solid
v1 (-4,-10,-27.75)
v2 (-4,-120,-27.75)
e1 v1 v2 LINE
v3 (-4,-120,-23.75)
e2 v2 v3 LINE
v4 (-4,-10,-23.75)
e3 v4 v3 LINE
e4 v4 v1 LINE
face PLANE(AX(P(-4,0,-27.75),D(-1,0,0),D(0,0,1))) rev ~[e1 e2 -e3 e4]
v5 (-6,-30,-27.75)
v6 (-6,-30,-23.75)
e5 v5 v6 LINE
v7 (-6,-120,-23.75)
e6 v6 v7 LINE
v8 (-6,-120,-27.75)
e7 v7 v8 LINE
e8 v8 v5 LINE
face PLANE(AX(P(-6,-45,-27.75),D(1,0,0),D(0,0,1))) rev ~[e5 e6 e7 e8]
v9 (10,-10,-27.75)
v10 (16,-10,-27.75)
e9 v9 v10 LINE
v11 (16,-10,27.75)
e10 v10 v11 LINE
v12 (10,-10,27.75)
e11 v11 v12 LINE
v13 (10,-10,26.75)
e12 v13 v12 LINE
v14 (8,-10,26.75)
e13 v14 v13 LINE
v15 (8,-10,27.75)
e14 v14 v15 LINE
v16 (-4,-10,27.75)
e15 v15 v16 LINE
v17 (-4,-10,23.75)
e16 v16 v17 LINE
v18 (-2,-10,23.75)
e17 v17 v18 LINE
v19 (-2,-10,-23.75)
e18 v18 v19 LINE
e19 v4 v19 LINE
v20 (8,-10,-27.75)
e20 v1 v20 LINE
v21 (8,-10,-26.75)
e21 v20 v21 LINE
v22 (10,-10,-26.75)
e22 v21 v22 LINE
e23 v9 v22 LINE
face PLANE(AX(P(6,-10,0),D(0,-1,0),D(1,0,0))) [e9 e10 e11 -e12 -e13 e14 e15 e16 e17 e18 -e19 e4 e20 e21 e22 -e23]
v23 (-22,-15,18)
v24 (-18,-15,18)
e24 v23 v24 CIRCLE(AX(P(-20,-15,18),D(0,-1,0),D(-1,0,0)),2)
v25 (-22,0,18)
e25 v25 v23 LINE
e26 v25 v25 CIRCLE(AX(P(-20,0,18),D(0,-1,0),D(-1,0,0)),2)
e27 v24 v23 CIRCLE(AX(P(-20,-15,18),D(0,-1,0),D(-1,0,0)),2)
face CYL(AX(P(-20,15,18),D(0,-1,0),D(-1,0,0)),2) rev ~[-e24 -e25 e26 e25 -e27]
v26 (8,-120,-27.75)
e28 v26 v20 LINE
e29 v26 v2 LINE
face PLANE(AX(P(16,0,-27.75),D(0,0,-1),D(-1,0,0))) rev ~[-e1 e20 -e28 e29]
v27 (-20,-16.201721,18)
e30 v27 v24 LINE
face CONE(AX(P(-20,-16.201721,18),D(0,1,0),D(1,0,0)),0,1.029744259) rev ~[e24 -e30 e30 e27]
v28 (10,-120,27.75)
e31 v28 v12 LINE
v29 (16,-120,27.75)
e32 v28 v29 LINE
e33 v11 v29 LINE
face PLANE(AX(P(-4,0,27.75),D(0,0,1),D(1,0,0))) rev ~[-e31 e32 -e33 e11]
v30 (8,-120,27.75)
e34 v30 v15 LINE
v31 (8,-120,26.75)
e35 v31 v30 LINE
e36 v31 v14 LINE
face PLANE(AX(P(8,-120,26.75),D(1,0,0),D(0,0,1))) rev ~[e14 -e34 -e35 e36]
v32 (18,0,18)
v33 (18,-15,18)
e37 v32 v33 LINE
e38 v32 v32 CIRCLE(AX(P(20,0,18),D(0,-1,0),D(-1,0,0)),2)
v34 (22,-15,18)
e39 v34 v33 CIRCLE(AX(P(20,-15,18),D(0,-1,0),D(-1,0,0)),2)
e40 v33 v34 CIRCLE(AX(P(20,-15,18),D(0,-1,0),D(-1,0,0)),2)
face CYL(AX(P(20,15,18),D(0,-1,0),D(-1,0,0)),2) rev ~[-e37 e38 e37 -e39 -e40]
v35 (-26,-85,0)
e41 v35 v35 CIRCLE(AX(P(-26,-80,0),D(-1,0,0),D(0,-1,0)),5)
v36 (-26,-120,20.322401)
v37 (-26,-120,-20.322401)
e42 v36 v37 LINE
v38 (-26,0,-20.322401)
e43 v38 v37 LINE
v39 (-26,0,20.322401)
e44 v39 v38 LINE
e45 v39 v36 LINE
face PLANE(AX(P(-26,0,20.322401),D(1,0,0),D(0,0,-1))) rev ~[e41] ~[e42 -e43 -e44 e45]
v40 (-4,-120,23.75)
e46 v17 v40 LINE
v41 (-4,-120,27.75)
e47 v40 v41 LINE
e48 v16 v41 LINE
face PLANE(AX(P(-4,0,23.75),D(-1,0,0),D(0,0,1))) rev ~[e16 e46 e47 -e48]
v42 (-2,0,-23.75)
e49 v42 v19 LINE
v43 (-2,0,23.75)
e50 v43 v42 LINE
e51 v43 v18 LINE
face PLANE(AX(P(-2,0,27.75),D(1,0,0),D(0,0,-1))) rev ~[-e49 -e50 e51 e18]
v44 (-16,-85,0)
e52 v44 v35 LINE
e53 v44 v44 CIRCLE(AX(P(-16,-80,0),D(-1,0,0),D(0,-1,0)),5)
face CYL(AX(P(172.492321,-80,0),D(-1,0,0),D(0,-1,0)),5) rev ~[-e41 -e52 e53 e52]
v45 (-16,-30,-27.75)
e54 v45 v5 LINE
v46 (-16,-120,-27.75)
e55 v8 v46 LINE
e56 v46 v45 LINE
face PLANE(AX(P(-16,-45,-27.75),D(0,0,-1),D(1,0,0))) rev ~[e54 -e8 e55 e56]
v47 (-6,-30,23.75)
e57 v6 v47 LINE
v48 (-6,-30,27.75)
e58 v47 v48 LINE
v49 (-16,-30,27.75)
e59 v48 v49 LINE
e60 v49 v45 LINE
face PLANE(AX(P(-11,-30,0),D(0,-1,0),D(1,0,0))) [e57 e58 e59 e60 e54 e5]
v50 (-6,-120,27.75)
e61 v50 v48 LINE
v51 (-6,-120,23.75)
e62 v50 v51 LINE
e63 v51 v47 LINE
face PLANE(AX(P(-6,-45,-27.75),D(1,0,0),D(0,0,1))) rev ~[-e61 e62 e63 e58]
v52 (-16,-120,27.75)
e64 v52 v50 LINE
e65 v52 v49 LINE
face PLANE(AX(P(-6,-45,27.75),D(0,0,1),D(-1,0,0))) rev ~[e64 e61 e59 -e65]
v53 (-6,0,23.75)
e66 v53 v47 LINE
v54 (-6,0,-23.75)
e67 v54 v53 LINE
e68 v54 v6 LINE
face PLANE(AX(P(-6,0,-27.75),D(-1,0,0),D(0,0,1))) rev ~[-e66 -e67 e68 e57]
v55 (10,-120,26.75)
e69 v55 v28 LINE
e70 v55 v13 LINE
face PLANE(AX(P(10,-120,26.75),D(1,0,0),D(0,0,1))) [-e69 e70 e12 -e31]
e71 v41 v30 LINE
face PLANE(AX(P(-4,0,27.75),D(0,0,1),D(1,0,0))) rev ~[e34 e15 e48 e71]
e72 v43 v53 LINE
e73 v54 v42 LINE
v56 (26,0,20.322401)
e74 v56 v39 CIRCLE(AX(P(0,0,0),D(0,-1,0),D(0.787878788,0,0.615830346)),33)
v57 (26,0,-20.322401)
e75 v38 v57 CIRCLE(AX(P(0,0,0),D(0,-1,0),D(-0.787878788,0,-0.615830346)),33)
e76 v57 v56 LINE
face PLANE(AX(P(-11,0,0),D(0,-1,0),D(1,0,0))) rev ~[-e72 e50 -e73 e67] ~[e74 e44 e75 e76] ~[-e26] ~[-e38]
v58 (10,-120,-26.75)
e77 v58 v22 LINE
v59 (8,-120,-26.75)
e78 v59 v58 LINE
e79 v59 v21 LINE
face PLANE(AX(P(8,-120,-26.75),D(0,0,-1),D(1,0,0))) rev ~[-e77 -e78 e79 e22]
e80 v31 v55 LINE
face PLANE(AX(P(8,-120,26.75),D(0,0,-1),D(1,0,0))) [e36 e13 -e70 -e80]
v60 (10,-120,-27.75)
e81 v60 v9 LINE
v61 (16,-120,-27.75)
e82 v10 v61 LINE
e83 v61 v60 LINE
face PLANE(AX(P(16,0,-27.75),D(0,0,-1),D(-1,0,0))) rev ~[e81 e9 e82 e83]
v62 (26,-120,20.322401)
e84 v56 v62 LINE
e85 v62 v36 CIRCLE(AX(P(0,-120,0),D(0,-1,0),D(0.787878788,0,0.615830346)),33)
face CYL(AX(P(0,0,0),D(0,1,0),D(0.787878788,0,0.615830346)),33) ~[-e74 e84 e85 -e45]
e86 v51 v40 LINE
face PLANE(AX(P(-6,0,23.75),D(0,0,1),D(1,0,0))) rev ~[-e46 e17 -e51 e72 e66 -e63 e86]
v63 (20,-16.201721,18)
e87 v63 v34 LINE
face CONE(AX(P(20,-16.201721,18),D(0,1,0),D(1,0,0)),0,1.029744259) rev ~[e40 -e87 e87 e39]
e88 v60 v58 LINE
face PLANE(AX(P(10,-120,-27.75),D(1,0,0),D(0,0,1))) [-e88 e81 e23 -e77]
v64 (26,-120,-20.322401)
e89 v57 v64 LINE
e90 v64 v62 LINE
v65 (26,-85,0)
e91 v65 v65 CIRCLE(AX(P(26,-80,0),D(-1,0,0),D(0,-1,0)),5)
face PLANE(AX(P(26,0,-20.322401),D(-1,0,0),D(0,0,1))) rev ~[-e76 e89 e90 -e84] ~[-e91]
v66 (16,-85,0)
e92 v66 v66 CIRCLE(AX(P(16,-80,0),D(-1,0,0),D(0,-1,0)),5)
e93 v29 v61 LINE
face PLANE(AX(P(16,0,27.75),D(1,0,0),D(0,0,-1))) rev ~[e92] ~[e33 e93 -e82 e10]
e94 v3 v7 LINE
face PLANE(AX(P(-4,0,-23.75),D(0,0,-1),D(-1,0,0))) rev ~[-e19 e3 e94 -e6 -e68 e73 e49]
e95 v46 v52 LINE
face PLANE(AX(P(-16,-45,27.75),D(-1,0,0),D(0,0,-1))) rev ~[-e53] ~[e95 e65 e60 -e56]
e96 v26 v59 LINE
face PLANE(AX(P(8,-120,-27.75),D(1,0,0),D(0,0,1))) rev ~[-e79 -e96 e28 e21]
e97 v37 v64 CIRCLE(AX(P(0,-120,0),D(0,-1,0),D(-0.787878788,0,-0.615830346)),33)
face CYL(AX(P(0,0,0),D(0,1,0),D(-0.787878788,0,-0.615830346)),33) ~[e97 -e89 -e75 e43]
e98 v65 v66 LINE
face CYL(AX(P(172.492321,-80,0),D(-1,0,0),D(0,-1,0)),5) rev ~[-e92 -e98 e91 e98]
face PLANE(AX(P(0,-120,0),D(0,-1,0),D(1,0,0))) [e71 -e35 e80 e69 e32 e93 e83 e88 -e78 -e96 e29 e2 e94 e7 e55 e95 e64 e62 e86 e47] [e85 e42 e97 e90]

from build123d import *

# Parameters (mm, degrees)
F1_DEPTH  = 120
F2_DEPTH  = 10
F3_DEPTH  = 45
F4_D      = 4
F4_DEPTH  = 15
F4_TIP    = 1.2017212381
F6_D      = 10
F7_DEPTH  = 15
F8_W      = 2
F8_H      = 1
F9_DEPTH  = 110
F10_DEPTH = 2


with BuildPart() as f1:
    # F0 (on Front) → F1 (new body)
    with BuildSketch(Plane.XZ):
        with BuildLine():
            Line((26, -20.3224014329), (26, 20.3224014329))
            ThreePointArc((26, 20.3224014329), (0, 33), (-26, 20.3224014329))
            Line((-26, 20.3224014329), (-26, -20.3224014329))
            ThreePointArc((-26, -20.3224014329), (0, -33), (26, -20.3224014329))
        make_face()
        Polygon((-16, -27.75), (-16, 27.75), (-6, 27.75), (-6, 23.75), (-4, 23.75), (-4, 27.75), (16, 27.75), (16, -27.75), (-4, -27.75), (-4, -23.75), (-6, -23.75), (-6, -27.75), align=None, mode=Mode.SUBTRACT)
    extrude(amount=F1_DEPTH)

    # F0 (on Front) → F2 (join)
    with BuildSketch(Plane.XZ):
        Polygon((-4, 27.75), (-4, 23.75), (-4, -23.75), (-4, -27.75), (16, -27.75), (16, 27.75), align=None)
    extrude(amount=F2_DEPTH)

    # F0 (on Front) → F3 (join)
    with BuildSketch(Plane.XZ):
        Polygon((-6, 27.75), (-16, 27.75), (-16, -27.75), (-6, -27.75), (-6, -23.75), (-6, 23.75), align=None)
    extrude(amount=F3_DEPTH)

    # F4
    with Locations(Plane(origin=(0, 0, 0), x_dir=(1, 0, 0), z_dir=(0, 1, 0))):
        with Locations((20, -18), (-20, -18)):
            Hole(F4_D / 2, depth=F4_DEPTH)
            with Locations((0, 0, -(F4_DEPTH + F4_TIP / 2))):  # 118° drill point
                Cone(0, F4_D / 2, F4_TIP, mode=Mode.SUBTRACT)

    # F6 (through all)
    with Locations(Plane.YZ.offset(26)):
        with Locations((-80, 0)):
            Hole(F6_D / 2)

    # F7 (cut): a face of the model
    f7_faces = [f1.faces().sort_by_distance(p)[0] for p in [
        (-11, -45, 0),
    ]]
    extrude(f7_faces, amount=-F7_DEPTH, mode=Mode.SUBTRACT)

    # F8 (on face) → F9 (join, through all)
    with BuildSketch(Plane.XZ.offset(120)):
        with Locations((9, 27.25)):
            Rectangle(F8_W, F8_H)
        with Locations((9, -27.25)):
            Rectangle(F8_W, F8_H)
    extrude(amount=-F9_DEPTH)

    # F10 (cut): a face of the model
    f10_faces = [f1.faces().sort_by_distance(p)[0] for p in [
        (-4, -5, 0),
    ]]
    extrude(f10_faces, amount=-F10_DEPTH, mode=Mode.SUBTRACT)


solid = f1.part
